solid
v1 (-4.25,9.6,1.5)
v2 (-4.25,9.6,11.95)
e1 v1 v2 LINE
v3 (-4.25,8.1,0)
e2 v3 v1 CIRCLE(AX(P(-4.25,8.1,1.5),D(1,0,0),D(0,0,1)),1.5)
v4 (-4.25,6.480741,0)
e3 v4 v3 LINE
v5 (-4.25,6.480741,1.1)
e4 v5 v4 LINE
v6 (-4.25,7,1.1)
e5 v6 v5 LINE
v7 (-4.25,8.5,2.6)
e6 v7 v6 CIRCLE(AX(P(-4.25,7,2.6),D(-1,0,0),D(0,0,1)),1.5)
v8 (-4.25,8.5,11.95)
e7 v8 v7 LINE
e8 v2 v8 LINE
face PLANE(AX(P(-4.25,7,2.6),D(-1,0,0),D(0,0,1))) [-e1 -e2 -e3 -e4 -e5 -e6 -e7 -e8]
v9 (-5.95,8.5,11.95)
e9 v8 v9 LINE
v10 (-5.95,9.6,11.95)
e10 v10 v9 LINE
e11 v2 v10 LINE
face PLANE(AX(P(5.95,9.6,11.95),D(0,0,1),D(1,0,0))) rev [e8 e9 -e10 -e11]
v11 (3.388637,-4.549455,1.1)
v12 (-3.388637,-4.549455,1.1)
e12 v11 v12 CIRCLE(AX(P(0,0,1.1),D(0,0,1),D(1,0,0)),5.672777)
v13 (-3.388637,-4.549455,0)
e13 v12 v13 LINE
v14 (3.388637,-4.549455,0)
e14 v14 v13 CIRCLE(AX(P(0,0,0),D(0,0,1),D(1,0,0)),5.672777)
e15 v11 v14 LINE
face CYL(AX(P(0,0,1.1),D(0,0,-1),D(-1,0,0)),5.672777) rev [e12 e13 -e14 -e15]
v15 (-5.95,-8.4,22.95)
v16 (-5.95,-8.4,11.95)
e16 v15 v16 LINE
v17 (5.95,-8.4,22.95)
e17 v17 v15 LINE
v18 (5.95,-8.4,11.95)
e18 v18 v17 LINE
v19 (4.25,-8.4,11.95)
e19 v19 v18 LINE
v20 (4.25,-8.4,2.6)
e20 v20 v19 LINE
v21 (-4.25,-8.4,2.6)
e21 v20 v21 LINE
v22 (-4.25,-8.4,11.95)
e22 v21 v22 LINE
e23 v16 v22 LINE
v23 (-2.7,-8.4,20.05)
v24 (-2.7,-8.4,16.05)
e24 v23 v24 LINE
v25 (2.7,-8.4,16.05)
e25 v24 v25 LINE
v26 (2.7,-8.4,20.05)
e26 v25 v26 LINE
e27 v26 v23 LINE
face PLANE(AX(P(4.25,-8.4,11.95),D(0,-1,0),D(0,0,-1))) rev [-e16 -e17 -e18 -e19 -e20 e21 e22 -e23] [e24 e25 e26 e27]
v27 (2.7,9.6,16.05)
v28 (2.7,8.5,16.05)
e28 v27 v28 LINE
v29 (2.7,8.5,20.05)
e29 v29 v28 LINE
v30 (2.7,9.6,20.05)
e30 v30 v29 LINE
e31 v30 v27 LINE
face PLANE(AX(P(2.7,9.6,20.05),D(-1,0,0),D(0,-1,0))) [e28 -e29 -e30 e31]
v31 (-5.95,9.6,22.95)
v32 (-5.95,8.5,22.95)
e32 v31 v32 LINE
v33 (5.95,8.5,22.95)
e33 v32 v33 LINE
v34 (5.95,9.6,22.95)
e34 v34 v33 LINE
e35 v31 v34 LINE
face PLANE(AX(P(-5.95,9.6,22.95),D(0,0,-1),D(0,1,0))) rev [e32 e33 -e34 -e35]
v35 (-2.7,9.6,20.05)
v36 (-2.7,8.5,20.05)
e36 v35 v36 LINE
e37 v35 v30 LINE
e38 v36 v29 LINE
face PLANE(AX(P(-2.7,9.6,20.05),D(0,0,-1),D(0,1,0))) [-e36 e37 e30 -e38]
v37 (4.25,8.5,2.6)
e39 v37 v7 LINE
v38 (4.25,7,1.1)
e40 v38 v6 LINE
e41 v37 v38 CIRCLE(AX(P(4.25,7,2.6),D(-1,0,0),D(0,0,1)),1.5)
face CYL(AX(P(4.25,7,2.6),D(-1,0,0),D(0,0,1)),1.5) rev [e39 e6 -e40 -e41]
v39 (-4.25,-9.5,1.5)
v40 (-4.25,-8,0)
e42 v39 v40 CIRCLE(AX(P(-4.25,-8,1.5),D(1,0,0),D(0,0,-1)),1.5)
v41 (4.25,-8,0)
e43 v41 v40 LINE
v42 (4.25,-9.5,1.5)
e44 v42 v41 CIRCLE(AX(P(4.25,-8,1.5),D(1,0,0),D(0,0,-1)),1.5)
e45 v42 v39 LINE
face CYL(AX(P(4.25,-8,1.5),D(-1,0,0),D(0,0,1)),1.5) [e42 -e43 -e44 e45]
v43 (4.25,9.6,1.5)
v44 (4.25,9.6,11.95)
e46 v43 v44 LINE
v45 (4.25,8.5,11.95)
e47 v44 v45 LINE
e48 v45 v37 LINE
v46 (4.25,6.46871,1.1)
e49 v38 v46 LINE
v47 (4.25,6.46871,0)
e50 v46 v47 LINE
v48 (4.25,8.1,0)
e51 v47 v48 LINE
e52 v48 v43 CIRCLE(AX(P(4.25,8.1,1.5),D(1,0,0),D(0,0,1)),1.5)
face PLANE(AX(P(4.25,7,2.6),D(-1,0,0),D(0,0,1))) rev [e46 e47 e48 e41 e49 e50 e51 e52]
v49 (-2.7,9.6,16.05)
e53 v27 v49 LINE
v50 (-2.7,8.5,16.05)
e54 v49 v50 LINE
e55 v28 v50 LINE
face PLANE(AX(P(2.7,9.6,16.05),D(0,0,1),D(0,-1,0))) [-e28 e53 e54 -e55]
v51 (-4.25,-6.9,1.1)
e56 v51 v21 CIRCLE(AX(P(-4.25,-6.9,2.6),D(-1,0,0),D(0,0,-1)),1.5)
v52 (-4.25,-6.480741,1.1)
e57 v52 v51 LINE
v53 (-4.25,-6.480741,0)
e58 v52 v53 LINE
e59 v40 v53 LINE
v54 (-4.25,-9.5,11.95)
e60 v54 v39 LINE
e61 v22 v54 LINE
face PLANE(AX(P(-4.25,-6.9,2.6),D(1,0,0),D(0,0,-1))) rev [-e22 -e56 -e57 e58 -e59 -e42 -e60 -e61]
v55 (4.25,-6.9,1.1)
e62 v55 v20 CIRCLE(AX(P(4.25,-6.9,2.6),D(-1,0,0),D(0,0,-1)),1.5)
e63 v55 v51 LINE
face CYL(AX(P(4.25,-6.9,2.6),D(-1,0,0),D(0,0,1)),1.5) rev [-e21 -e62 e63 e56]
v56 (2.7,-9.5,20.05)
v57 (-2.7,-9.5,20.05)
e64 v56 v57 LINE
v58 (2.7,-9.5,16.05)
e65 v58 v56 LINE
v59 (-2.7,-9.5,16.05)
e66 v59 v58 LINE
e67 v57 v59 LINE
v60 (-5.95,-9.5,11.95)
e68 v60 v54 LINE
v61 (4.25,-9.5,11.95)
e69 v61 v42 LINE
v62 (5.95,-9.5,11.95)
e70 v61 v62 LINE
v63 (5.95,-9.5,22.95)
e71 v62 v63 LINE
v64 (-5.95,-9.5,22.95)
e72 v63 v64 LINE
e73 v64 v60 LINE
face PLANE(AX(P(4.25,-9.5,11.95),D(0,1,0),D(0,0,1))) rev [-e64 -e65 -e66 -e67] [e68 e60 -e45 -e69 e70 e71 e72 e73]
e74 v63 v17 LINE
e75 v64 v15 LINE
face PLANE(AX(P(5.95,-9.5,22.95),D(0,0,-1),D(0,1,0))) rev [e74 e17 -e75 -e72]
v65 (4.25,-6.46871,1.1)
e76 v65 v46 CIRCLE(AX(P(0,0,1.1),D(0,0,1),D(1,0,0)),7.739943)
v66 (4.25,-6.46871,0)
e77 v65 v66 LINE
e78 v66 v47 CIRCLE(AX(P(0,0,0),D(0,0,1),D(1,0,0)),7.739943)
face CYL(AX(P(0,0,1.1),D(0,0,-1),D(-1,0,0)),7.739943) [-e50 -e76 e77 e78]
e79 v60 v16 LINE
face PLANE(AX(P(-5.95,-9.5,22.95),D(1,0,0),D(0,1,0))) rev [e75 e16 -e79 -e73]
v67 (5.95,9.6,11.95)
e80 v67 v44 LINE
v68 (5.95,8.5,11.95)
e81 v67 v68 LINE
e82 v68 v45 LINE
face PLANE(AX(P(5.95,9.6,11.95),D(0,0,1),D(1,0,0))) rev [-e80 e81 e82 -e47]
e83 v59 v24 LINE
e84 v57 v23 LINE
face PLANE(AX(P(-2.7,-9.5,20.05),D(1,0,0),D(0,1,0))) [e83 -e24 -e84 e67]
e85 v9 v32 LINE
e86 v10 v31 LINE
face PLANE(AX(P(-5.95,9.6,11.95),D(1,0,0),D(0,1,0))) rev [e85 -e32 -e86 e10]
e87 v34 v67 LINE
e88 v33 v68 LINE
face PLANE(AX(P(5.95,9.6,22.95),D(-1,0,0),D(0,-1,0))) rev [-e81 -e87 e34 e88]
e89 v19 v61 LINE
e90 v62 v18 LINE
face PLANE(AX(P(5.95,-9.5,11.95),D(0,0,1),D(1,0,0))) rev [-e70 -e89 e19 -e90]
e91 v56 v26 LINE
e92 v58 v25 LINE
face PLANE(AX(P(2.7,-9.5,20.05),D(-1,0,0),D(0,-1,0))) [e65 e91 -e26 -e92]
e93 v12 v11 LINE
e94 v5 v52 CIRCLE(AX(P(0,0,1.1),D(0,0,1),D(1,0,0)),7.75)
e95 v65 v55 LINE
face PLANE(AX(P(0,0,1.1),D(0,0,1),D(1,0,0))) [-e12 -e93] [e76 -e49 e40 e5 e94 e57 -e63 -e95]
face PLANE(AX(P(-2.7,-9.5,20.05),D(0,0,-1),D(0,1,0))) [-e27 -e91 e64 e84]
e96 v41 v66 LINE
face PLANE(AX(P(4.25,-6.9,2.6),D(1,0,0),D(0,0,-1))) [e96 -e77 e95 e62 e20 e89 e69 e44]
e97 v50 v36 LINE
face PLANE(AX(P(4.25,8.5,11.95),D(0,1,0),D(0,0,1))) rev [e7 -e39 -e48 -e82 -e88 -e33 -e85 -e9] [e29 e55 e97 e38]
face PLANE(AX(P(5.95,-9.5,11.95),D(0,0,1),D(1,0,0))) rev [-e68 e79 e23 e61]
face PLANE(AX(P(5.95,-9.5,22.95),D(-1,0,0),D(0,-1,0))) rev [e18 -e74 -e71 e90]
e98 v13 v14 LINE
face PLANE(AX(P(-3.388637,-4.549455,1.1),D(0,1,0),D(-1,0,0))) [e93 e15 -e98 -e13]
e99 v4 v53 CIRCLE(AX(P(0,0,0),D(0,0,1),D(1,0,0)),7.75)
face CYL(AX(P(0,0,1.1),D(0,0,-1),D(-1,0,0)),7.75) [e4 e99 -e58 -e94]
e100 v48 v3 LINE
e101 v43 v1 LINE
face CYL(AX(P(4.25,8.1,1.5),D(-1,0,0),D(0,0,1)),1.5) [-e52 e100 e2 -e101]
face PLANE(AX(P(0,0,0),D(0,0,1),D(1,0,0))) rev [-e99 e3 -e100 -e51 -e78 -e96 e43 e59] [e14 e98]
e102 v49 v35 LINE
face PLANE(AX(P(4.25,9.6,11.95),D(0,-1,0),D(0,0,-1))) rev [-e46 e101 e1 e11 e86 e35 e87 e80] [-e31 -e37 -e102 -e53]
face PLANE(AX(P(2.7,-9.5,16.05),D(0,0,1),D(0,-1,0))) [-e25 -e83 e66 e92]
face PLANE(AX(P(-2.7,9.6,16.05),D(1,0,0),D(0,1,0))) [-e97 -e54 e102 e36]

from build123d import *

# Parameters (mm, degrees)
BOSS_EXTRUDE1_DEPTH = 1.1
SKETCH3_W           = 11.9
SKETCH3_H           = 11
SKETCH3_W_2         = 5.4
SKETCH3_H_2         = 4
BOSS_EXTRUDE2_DEPTH = 1.1
SKETCH4_W           = 11.9
SKETCH4_H           = 11
SKETCH4_W_2         = 5.4
SKETCH4_H_2         = 4
BOSS_EXTRUDE3_DEPTH = 1.1
BOSS_EXTRUDE4_DEPTH = 4.25


with BuildPart() as part:
    # Sketch1 → Boss-Extrude1 (new body)
    with BuildSketch(Plane.XY):
        with BuildLine():
            Line((3.951985261, -6.654962537), (-3.971646211, -6.654962537))
            ThreePointArc((-3.971646211, -6.654962537), (-7.748260545, -0.1641905), (-4.25, 6.480740698))
            Line((-4.25, 6.480740698), (4.25, 6.468710372))
            ThreePointArc((4.25, 6.468710372), (7.737947933, -0.175714722), (3.951985261, -6.654962537))
        make_face()
        with BuildLine():
            Line((-3.388637081, -4.549455129), (3.388637081, -4.549455129))
            ThreePointArc((3.388637081, -4.549455129), (0, 5.672777383), (-3.388637081, -4.549455129))
        make_face(mode=Mode.SUBTRACT)
    extrude(amount=BOSS_EXTRUDE1_DEPTH)



with BuildPart() as body_2:
    # Sketch3 → Boss-Extrude2 (new body)
    with BuildSketch(Plane(origin=(0, -8.4, 0), x_dir=(-1, 0, 0), z_dir=(0, -1, 0))):
        with Locations((0, -17.45)):
            Rectangle(SKETCH3_W, SKETCH3_H)
        with Locations((0, -18.05)):
            Rectangle(SKETCH3_W_2, SKETCH3_H_2, mode=Mode.SUBTRACT)
    extrude(amount=BOSS_EXTRUDE2_DEPTH)


with BuildPart() as body_3:
    # Sketch4 → Boss-Extrude3 (new body)
    with BuildSketch(Plane(origin=(0, 8.5, 0), x_dir=(1, 0, 0), z_dir=(0, 1, 0))):
        with Locations((0, -17.45)):
            Rectangle(SKETCH4_W, SKETCH4_H)
        with Locations((0, -18.05)):
            Rectangle(SKETCH4_W_2, SKETCH4_H_2, mode=Mode.SUBTRACT)
    extrude(amount=BOSS_EXTRUDE3_DEPTH)


with BuildPart() as part_1:
    add(part.part)

    add(body_2.part)  # Boss-Extrude4 merges body 2

    add(body_3.part)  # Boss-Extrude4 merges body 3
    # Sketch2 → Boss-Extrude4 (add, symmetric)
    with BuildSketch(Plane(origin=(0, 0, 0), x_dir=(0, 0, -1), z_dir=(1, 0, 0))):
        with BuildLine():
            Line((-1.1, -6.245079779), (0, -6.245079779))
            Line((0, -6.245079779), (0, -8))
            ThreePointArc((0, -8), (-0.439339828, -9.060660172), (-1.5, -9.5))
            Line((-1.5, -9.5), (-11.95, -9.5))
            Line((-11.95, -9.5), (-11.95, -8.4))
            Line((-11.95, -8.4), (-2.6, -8.4))
            ThreePointArc((-2.6, -8.4), (-1.539339828, -7.960660172), (-1.1, -6.9))
            Line((-1.1, -6.9), (-1.1, -6.245079779))
        make_face()
        with BuildLine():
            Line((-1.1, 6.20982384), (0, 6.20982384))
            Line((0, 6.20982384), (0, 8.1))
            ThreePointArc((0, 8.1), (-0.439339828, 9.160660172), (-1.5, 9.6))
            Line((-1.5, 9.6), (-11.95, 9.6))
            Line((-11.95, 9.6), (-11.95, 8.5))
            Line((-11.95, 8.5), (-2.6, 8.5))
            ThreePointArc((-2.6, 8.5), (-1.539339828, 8.060660172), (-1.1, 7))
            Line((-1.1, 7), (-1.1, 6.20982384))
        make_face()
    extrude(amount=BOSS_EXTRUDE4_DEPTH, both=True)


solid = part_1.part
